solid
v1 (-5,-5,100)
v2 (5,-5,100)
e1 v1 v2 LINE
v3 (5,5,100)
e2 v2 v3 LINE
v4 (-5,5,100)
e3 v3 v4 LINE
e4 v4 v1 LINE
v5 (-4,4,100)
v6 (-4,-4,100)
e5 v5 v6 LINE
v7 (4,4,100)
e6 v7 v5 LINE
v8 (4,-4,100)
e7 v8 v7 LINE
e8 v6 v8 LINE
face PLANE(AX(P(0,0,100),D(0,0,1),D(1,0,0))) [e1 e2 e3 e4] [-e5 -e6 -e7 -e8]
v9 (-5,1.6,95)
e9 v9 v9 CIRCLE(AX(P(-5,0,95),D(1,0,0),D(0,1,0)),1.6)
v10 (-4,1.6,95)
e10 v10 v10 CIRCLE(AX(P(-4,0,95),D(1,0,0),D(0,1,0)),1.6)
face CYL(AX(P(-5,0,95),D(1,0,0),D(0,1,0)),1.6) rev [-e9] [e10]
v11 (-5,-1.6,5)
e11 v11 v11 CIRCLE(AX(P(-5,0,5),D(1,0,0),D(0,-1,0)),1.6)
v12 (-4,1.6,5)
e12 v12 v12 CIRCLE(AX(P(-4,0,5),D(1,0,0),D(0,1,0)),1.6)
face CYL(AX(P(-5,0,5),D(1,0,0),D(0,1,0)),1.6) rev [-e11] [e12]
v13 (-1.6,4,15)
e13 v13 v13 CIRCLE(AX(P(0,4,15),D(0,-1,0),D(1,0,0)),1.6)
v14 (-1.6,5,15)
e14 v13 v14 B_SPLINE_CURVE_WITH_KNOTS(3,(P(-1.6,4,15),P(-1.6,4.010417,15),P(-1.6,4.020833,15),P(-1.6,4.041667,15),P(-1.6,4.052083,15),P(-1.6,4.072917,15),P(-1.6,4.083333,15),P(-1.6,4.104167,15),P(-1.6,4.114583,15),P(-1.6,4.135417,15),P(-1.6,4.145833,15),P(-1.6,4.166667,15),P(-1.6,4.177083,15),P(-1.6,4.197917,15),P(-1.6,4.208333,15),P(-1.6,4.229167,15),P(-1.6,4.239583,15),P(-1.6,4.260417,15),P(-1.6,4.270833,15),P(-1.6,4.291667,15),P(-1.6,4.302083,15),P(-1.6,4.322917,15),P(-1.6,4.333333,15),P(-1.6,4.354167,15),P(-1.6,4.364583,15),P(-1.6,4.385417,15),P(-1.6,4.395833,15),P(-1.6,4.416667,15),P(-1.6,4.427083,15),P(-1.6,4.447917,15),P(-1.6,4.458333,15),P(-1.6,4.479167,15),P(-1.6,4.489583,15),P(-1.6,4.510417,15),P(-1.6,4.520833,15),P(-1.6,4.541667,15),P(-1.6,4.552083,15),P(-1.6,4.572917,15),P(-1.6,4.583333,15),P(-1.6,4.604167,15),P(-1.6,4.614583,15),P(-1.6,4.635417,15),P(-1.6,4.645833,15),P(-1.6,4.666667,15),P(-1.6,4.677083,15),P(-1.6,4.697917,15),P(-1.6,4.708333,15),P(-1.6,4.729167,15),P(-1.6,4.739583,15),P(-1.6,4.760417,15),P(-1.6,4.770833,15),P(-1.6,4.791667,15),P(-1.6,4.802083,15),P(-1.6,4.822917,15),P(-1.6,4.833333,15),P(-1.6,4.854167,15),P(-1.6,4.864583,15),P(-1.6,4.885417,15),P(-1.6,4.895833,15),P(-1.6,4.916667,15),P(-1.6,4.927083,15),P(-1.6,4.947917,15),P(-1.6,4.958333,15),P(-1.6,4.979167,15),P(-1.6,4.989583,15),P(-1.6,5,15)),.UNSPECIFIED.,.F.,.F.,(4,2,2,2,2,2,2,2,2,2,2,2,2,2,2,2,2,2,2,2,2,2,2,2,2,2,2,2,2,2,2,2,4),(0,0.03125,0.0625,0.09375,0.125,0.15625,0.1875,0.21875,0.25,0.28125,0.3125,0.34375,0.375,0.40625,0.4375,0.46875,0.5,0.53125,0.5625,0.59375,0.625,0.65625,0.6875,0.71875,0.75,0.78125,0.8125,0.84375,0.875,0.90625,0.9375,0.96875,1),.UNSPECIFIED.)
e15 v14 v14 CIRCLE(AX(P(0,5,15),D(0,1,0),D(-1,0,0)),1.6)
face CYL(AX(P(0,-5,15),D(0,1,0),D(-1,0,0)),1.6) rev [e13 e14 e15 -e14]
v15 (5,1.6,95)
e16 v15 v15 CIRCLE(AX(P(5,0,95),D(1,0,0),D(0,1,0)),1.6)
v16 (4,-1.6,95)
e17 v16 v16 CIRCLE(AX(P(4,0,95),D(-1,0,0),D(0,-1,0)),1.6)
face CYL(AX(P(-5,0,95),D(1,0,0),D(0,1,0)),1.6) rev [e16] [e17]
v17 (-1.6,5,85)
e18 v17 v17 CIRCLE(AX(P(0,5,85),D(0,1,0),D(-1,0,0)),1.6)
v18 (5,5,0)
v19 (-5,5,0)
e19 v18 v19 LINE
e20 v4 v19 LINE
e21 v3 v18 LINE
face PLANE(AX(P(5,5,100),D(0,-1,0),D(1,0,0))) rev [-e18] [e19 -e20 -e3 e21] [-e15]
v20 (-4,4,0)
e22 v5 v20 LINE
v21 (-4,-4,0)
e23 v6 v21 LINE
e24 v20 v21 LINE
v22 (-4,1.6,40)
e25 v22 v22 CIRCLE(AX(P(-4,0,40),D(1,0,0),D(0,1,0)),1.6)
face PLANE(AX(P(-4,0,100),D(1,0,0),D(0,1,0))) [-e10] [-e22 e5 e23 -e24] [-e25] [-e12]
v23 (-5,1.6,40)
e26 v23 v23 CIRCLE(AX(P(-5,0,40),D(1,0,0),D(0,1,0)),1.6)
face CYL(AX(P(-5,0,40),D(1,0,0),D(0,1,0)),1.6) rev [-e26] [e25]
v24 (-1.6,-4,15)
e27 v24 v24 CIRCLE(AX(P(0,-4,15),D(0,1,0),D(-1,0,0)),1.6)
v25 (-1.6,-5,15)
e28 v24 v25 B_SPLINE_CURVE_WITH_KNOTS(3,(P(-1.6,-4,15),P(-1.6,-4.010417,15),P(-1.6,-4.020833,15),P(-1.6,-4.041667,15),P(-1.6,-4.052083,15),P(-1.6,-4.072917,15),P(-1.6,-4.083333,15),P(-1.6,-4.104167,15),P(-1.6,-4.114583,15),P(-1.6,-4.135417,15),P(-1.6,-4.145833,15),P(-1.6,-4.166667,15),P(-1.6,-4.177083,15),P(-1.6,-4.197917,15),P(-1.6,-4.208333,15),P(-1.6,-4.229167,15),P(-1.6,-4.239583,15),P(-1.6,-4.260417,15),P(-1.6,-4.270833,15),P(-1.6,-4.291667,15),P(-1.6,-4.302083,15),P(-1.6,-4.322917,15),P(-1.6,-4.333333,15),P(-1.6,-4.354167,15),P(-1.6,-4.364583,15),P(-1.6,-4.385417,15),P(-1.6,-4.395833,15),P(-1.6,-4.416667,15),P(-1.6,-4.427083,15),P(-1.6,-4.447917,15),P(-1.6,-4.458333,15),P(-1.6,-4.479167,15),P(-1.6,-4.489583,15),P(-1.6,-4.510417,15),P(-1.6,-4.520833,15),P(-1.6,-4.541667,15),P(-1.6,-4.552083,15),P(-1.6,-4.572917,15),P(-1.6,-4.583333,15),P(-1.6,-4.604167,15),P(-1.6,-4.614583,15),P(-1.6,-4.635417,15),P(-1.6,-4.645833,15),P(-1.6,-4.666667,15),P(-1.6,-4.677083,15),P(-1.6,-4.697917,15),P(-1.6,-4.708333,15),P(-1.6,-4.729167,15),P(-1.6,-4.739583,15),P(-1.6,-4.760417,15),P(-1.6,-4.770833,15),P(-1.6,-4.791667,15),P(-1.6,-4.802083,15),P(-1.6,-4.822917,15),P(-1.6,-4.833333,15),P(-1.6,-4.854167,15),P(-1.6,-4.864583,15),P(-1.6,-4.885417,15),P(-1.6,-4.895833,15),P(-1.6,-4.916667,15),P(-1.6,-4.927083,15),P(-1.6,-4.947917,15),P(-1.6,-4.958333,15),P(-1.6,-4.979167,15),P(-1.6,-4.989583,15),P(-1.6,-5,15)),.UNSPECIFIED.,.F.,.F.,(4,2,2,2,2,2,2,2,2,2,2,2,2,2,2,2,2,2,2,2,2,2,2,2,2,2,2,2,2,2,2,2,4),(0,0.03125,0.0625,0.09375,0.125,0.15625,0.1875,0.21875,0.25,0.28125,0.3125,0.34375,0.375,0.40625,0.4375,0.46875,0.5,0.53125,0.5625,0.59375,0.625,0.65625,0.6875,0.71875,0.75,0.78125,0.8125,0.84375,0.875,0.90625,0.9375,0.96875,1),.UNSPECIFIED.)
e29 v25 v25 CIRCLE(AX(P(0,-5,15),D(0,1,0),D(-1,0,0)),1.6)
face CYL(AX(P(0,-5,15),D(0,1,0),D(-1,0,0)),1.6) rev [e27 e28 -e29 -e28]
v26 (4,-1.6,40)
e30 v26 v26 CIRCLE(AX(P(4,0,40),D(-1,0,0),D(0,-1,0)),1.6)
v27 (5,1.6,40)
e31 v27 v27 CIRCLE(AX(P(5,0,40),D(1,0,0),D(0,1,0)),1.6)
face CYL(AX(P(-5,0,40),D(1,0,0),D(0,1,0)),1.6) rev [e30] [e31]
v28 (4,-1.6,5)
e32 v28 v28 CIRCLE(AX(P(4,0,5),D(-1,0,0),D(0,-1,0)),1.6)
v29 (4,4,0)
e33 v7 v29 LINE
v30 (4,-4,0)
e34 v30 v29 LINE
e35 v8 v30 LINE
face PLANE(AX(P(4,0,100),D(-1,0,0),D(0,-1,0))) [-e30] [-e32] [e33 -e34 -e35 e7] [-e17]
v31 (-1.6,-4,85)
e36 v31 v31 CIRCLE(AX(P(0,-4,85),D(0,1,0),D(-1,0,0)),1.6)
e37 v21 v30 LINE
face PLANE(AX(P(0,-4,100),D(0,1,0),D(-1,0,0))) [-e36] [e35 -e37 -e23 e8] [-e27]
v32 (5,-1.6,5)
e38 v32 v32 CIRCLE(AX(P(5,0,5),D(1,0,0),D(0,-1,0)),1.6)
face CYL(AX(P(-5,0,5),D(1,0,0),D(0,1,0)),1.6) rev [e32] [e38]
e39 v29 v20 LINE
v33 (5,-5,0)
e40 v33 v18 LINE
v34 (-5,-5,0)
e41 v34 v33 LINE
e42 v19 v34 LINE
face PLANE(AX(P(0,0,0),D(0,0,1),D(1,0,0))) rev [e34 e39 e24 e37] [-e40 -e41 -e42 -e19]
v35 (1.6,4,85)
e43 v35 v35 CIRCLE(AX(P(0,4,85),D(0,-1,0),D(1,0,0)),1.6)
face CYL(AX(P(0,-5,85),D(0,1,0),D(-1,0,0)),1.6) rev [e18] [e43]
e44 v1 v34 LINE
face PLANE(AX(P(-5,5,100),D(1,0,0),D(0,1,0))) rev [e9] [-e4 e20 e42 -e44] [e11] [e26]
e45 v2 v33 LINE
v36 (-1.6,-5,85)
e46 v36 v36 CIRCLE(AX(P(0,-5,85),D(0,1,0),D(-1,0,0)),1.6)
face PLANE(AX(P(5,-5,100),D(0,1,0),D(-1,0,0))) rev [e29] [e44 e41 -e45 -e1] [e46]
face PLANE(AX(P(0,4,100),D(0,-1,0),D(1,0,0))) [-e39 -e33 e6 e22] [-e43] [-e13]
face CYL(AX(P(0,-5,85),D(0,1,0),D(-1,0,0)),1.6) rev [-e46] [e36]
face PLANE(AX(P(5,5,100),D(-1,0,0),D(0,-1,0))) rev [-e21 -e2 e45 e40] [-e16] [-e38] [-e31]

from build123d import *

# Parameters (mm, degrees)
SKETCH_2_W          = 10
SKETCH_2_H          = 10
SKETCH_2_W_2        = 8
SKETCH_2_H_2        = 8
EXTRUDE_1_DEPTH     = 100
SKETCH_3_R          = 1.6
CUT_EXTRUDE_1_DEPTH = 101.623058987
SKETCH_4_R          = 1.6
CUT_EXTRUDE_2_DEPTH = 101.623058987
SKETCH_7_R          = 1.6
CUT_EXTRUDE_4_DEPTH = 101.623058987


with BuildPart() as part:
    # ｽｹｯﾁ2 → 押し出し-薄板1 (new body)
    with BuildSketch(Plane.XY):
        Rectangle(SKETCH_2_W, SKETCH_2_H)
        Rectangle(SKETCH_2_W_2, SKETCH_2_H_2, mode=Mode.SUBTRACT)
    extrude(amount=EXTRUDE_1_DEPTH)

    # ｽｹｯﾁ3 → ｶｯﾄ - 押し出し1 (cut, through all)
    with BuildSketch(Plane(origin=(5, 0, 0), x_dir=(0, 0, -1), z_dir=(1, 0, 0))):
        with Locations(Location((-95, 0, 0), (0, 0, 90))):
            Circle(SKETCH_3_R)
        with Locations(Location((-5, 0, 0), (0, 0, 270))):
            Circle(SKETCH_3_R)
        with Locations(Location((-40, 0, 0), (0, 0, 90))):
            Circle(SKETCH_3_R)
    extrude(amount=-CUT_EXTRUDE_1_DEPTH, mode=Mode.SUBTRACT)

    # ｽｹｯﾁ4 → ｶｯﾄ - 押し出し2 (cut, through all)
    with BuildSketch(Plane(origin=(0, 5, 0), x_dir=(1, 0, 0), z_dir=(0, 1, 0))):
        with Locations(Location((0, -15, 0), (0, 0, 180))):
            Circle(SKETCH_4_R)
    extrude(amount=-CUT_EXTRUDE_2_DEPTH, mode=Mode.SUBTRACT)

    # ｽｹｯﾁ7 → ｶｯﾄ - 押し出し4 (cut, through all)
    with BuildSketch(Plane(origin=(0, 5, 0), x_dir=(1, 0, 0), z_dir=(0, 1, 0))):
        with Locations(Location((0, -85, 0), (0, 0, 180))):
            Circle(SKETCH_7_R)
    extrude(amount=-CUT_EXTRUDE_4_DEPTH, mode=Mode.SUBTRACT)


solid = part.part
